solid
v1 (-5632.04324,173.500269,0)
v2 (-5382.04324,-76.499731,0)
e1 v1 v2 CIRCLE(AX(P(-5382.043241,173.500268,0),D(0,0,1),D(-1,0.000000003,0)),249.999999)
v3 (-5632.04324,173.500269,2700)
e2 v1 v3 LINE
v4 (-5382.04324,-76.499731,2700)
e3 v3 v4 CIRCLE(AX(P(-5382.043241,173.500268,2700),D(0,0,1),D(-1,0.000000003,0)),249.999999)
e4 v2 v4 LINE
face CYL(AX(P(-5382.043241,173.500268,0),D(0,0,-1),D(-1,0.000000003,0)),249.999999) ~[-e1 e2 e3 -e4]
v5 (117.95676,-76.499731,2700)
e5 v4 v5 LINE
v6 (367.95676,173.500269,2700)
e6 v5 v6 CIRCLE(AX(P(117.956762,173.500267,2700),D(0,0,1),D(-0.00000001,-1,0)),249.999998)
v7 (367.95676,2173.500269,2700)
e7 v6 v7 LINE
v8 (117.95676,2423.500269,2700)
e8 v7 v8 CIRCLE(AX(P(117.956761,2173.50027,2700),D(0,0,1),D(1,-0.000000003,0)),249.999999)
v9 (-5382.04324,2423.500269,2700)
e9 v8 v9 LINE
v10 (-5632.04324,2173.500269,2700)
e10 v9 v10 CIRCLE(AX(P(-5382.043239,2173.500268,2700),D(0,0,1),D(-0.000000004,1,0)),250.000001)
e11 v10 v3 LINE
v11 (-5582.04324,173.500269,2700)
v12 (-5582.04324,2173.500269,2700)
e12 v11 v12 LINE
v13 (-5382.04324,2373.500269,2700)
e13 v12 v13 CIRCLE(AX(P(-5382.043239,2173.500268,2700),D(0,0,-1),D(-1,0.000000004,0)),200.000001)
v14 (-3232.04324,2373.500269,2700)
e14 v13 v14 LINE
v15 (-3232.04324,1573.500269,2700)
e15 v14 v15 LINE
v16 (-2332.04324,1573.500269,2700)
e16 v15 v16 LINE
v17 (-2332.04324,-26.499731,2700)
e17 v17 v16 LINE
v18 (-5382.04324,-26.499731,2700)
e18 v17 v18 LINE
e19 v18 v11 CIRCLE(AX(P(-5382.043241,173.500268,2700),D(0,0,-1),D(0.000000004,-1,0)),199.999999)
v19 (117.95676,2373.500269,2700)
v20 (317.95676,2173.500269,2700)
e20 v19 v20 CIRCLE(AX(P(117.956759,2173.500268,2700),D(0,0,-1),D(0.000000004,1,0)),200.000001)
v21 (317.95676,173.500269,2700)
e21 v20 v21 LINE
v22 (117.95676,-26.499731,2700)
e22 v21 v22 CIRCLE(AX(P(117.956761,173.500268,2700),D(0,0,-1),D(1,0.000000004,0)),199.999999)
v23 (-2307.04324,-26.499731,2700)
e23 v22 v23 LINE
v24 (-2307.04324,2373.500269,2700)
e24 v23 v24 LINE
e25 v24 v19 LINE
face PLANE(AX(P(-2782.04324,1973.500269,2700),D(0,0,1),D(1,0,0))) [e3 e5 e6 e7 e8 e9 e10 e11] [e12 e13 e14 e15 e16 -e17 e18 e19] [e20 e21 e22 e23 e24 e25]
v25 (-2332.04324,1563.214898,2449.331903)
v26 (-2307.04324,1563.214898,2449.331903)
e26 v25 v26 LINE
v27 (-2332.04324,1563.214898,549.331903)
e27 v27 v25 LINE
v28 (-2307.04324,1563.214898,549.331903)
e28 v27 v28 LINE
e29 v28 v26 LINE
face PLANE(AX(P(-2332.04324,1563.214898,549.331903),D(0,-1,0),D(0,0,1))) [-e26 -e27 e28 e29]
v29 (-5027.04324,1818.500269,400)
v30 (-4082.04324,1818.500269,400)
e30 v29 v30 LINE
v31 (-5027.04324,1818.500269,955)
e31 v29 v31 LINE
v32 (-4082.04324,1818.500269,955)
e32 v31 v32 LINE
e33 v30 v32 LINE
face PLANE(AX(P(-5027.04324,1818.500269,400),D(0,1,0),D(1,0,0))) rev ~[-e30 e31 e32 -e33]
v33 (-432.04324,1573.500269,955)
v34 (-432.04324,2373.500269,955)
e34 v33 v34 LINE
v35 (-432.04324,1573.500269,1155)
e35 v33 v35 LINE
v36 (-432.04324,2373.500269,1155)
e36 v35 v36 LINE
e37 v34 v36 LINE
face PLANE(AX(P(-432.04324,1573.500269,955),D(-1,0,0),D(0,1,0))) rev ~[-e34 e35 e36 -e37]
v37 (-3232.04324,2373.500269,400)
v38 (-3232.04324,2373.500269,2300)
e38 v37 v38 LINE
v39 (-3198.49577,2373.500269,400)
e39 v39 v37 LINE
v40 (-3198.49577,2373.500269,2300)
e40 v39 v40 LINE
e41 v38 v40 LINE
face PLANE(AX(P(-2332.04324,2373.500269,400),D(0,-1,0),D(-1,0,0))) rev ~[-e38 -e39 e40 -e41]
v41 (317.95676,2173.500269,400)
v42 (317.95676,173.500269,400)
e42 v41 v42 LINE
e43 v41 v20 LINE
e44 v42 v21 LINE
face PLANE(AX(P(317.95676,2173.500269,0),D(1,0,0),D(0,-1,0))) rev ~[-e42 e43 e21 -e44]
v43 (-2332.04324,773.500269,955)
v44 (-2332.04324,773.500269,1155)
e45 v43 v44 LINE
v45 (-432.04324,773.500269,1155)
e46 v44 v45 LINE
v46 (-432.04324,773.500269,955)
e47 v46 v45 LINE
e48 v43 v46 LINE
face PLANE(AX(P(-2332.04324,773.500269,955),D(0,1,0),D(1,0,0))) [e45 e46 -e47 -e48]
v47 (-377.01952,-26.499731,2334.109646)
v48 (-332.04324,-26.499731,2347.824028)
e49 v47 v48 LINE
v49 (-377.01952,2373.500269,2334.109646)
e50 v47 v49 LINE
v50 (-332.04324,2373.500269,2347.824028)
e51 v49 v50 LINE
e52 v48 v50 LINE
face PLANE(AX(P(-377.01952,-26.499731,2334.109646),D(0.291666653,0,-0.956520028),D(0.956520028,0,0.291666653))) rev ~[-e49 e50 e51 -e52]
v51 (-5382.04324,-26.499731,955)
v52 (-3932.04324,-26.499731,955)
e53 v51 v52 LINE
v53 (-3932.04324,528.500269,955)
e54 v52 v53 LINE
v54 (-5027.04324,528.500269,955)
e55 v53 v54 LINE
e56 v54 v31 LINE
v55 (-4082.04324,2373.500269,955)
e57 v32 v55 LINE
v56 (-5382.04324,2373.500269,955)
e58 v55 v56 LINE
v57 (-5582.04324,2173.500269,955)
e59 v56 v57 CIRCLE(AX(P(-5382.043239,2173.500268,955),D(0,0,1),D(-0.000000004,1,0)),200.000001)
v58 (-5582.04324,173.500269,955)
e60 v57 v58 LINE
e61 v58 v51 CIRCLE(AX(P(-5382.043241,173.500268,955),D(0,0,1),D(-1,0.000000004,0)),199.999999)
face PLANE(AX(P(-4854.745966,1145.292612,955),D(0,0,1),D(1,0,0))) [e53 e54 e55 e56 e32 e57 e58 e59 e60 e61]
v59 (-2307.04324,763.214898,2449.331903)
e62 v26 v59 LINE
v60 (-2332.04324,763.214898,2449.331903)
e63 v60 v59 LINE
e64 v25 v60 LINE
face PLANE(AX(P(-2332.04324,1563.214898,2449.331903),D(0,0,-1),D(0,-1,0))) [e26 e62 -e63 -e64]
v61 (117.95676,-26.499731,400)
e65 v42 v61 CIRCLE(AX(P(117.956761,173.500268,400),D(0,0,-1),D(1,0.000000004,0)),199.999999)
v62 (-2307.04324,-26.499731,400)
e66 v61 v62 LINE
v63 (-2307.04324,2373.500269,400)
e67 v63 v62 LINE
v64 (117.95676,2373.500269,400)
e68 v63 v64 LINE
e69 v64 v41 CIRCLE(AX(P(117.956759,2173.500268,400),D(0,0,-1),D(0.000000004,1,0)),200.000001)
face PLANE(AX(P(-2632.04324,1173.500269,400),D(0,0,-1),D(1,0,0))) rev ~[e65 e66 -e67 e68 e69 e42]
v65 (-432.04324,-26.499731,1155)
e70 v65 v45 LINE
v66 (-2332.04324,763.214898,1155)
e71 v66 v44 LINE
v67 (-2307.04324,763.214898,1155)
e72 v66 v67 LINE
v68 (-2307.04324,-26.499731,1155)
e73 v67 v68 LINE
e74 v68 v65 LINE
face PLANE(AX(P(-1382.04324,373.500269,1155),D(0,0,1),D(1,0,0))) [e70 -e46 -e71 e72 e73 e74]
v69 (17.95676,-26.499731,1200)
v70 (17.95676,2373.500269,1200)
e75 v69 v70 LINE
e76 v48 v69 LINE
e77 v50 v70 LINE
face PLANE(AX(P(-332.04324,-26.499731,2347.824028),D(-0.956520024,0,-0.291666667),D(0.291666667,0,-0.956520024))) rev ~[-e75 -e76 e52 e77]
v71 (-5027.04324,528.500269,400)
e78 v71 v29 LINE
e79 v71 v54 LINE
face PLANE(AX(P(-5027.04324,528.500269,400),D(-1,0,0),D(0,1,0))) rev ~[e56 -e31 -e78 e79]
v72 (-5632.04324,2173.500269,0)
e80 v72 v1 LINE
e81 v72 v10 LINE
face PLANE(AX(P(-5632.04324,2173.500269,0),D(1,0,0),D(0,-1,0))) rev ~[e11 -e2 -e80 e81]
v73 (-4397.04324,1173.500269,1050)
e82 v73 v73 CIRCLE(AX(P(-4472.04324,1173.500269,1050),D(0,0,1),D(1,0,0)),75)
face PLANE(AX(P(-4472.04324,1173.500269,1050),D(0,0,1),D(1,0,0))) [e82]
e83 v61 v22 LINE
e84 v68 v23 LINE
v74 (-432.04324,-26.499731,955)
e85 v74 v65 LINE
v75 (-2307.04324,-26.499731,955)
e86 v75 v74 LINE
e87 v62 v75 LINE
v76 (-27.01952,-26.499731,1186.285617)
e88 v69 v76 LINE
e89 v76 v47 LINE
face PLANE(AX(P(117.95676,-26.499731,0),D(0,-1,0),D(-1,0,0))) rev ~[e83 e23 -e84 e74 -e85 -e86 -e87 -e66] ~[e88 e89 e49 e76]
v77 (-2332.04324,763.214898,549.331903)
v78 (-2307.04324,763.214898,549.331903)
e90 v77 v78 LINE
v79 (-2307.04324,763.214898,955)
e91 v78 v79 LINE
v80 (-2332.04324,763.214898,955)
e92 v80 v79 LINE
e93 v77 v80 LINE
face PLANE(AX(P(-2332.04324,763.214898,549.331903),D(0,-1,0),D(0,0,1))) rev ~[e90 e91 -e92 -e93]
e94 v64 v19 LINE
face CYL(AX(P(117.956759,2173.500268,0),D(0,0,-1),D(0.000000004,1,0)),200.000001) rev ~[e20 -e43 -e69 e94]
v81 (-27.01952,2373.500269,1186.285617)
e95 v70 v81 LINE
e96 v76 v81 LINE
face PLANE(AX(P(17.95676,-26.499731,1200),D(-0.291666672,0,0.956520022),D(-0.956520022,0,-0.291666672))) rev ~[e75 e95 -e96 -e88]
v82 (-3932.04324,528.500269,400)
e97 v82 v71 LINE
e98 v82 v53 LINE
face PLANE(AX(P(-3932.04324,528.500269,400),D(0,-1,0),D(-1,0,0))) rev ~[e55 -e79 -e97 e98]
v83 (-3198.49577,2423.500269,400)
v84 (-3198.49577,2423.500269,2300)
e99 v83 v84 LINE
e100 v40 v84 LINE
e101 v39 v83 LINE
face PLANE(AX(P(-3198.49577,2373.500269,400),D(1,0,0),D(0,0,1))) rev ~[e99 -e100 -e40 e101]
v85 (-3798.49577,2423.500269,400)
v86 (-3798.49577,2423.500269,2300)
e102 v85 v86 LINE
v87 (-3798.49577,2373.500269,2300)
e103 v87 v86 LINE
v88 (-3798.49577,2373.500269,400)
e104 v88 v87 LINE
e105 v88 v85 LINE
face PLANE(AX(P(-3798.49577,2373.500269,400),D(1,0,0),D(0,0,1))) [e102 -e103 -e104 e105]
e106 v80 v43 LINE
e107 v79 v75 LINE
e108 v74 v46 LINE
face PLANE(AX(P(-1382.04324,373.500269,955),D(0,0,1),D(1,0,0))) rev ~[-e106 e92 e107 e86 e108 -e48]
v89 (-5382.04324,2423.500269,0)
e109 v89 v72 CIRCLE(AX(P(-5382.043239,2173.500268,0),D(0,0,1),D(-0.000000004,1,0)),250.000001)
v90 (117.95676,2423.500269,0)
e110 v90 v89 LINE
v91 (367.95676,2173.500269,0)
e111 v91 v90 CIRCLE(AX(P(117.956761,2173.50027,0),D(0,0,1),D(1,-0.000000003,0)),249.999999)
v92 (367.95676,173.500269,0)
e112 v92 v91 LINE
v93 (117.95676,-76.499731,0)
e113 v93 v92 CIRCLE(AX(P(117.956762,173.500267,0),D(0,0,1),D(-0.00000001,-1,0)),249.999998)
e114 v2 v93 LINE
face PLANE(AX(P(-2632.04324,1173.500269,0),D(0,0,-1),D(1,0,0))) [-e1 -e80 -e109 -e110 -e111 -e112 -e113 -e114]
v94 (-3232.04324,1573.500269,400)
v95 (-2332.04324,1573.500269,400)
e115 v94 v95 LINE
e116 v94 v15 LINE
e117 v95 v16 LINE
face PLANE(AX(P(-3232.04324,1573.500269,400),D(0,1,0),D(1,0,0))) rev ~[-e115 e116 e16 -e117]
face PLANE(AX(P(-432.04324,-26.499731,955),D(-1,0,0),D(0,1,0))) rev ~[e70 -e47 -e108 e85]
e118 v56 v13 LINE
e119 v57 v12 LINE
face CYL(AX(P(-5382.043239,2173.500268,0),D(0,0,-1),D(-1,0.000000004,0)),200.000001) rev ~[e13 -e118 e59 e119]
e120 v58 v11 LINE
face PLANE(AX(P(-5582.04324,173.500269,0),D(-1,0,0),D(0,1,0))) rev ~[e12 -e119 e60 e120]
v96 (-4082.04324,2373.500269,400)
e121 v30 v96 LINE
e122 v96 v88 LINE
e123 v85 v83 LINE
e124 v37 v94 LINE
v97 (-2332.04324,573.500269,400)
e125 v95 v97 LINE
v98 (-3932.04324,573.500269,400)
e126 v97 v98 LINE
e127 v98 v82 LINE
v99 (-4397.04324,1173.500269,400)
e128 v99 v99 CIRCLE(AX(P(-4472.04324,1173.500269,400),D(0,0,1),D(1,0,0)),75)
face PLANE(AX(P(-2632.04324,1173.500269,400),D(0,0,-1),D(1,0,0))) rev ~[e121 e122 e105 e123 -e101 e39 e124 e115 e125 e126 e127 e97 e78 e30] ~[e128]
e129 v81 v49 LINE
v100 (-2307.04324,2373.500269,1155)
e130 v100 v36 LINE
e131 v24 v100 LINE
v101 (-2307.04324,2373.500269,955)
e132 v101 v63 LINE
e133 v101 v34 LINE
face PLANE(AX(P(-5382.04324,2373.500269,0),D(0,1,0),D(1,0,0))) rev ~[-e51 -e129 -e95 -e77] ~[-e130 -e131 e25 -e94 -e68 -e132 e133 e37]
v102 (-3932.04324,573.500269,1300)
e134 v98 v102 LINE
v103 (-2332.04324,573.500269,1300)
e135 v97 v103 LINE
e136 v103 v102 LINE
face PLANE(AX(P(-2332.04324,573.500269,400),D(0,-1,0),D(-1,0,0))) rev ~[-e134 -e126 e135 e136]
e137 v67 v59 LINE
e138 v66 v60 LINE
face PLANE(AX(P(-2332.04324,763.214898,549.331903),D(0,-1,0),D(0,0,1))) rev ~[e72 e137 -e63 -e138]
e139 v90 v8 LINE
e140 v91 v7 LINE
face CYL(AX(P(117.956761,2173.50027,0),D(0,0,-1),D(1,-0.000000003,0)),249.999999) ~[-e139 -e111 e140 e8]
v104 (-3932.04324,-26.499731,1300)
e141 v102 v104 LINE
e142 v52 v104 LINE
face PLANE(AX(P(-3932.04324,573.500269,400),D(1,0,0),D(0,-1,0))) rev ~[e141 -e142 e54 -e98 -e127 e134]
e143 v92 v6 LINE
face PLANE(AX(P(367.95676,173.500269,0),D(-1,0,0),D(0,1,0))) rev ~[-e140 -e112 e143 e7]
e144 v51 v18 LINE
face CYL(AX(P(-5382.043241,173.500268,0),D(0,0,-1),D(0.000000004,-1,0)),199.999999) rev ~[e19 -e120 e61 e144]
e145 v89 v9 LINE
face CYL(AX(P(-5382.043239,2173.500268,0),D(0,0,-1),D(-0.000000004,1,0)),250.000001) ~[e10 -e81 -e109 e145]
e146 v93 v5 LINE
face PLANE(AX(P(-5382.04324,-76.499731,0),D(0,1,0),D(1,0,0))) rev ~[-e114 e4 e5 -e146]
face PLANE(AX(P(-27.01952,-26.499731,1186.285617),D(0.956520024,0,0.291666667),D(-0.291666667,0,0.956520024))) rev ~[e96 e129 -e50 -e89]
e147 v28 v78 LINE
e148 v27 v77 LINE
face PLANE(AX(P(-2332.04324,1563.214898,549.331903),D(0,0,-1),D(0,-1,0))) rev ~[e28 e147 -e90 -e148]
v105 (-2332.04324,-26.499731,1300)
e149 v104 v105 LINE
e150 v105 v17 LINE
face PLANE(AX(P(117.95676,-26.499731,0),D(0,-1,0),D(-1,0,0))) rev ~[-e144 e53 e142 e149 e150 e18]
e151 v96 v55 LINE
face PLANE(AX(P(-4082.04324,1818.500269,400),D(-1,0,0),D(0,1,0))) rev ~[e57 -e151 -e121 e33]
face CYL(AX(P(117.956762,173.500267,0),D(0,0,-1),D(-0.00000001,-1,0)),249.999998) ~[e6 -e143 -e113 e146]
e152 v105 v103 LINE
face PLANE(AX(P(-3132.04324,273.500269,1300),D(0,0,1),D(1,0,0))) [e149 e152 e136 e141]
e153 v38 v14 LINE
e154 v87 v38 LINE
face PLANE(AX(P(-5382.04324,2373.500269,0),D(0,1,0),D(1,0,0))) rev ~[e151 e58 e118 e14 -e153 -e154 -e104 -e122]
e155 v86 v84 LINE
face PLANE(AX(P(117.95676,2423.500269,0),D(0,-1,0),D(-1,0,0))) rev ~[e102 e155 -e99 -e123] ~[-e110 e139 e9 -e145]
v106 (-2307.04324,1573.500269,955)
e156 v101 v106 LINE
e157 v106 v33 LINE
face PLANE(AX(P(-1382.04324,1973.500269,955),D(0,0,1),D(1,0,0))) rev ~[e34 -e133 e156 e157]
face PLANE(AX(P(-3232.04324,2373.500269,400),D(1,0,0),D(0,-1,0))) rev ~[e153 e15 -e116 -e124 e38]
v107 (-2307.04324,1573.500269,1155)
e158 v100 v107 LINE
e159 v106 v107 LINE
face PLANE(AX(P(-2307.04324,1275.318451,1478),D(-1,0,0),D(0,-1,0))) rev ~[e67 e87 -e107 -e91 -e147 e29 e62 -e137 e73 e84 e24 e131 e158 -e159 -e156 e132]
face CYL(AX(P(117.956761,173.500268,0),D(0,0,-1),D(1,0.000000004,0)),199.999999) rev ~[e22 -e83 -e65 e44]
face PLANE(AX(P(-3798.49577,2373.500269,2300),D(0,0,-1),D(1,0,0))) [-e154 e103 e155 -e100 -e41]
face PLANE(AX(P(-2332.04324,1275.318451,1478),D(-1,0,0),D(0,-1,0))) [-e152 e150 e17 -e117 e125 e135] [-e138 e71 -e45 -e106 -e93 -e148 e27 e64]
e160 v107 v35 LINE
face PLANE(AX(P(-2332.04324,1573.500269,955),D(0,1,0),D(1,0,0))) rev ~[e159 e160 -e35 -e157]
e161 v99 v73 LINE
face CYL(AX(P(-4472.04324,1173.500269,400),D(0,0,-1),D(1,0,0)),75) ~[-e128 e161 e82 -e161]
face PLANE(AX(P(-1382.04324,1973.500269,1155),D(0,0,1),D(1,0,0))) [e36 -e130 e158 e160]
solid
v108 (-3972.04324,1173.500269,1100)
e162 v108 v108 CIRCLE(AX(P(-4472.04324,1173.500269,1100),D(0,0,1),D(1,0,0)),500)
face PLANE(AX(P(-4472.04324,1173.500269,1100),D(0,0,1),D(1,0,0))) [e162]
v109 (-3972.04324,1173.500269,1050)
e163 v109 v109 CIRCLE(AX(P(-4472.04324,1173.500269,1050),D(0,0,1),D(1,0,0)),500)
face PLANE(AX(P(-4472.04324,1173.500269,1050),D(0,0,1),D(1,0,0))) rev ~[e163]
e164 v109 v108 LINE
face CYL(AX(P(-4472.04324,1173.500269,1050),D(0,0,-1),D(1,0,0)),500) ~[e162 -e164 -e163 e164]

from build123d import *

# Parameters (mm, degrees)
F1_DEPTH  = 2700
F3_DEPTH  = 400
F5_DEPTH  = 555
F7_DEPTH  = 900
F9_DEPTH  = 2400
F10_W     = 1900
F10_H     = 800
F11_DEPTH = 200
F12_W     = 800
F12_H     = 1900
F12_H_2   = 200
F13_DEPTH = 25
F14_W     = 600
F14_H     = 1900
F15_DEPTH = 55
F16_R     = 75
F17_DEPTH = 650
F18_R     = 500
F18_R_2   = 75
F19_DEPTH = 50
F21_DEPTH = 2300


with BuildPart() as f1:
    # F0 (on Top) → F1 (new body)
    with BuildSketch(Plane.XY):
        with BuildLine():
            Line((117.95676, 2423.500269), (-5382.04324, 2423.500269))
            ThreePointArc((-5382.04324, 2423.500269), (-5558.819935, 2350.276964), (-5632.04324, 2173.500269))
            Line((-5632.04324, 2173.500269), (-5632.04324, 173.500269))
            ThreePointArc((-5632.04324, 173.500269), (-5558.819935, -3.276427), (-5382.04324, -76.499731))
            Line((-5382.04324, -76.499731), (117.95676, -76.499731))
            ThreePointArc((117.95676, -76.499731), (294.733456, -3.276427), (367.95676, 173.500269))
            Line((367.95676, 173.500269), (367.95676, 2173.500269))
            ThreePointArc((367.95676, 2173.500269), (294.733456, 2350.276964), (117.95676, 2423.500269))
        make_face()
        with BuildLine():
            ThreePointArc((-5382.04324, -26.499731), (-5523.464596, 32.078912), (-5582.04324, 173.500269))
            Line((-5582.04324, 173.500269), (-5582.04324, 2173.500269))
            ThreePointArc((-5582.04324, 2173.500269), (-5523.464596, 2314.921625), (-5382.04324, 2373.500269))
            Line((-5382.04324, 2373.500269), (117.95676, 2373.500269))
            ThreePointArc((117.95676, 2373.500269), (259.378116, 2314.921625), (317.95676, 2173.500269))
            Line((317.95676, 2173.500269), (317.95676, 173.500269))
            ThreePointArc((317.95676, 173.500269), (259.378116, 32.078912), (117.95676, -26.499731))
            Line((117.95676, -26.499731), (-5382.04324, -26.499731))
        make_face(mode=Mode.SUBTRACT)
    extrude(amount=F1_DEPTH)

    # F2 (on face) → F3 (join)
    with BuildSketch(Plane(origin=(0, 0, 0), x_dir=(1, 0, 0), z_dir=(0, 0, -1))):
        with BuildLine():
            ThreePointArc((-5382.04324, 26.499731), (-5523.464596, -32.078912), (-5582.04324, -173.500269))
            Line((-5582.04324, -173.500269), (-5582.04324, -2173.500269))
            ThreePointArc((-5582.04324, -2173.500269), (-5523.464596, -2314.921625), (-5382.04324, -2373.500269))
            Line((-5382.04324, -2373.500269), (117.95676, -2373.500269))
            ThreePointArc((117.95676, -2373.500269), (259.378116, -2314.921625), (317.95676, -2173.500269))
            Line((317.95676, -2173.500269), (317.95676, -173.500269))
            ThreePointArc((317.95676, -173.500269), (259.378116, -32.078912), (117.95676, 26.499731))
            Line((117.95676, 26.499731), (-5382.04324, 26.499731))
        make_face()
    extrude(amount=-F3_DEPTH)

    # F4 (on face) → F5 (join)
    with BuildSketch(Plane.XY.offset(400)):
        with BuildLine():
            Line((-4082.04324, 1818.500269), (-4082.04324, 2373.500269))
            Line((-4082.04324, 2373.500269), (-5382.04324, 2373.500269))
            ThreePointArc((-5382.04324, 2373.500269), (-5523.464596, 2314.921625), (-5582.04324, 2173.500269))
            Line((-5582.04324, 2173.500269), (-5582.04324, 173.500269))
            ThreePointArc((-5582.04324, 173.500269), (-5523.464596, 32.078912), (-5382.04324, -26.499731))
            Line((-5382.04324, -26.499731), (-3932.04324, -26.499731))
            Line((-3932.04324, -26.499731), (-3932.04324, 528.500269))
            Line((-3932.04324, 528.500269), (-5027.04324, 528.500269))
            Line((-5027.04324, 528.500269), (-5027.04324, 1818.500269))
            Line((-5027.04324, 1818.500269), (-4082.04324, 1818.500269))
        make_face()
    extrude(amount=F5_DEPTH)

    # F6 (on face) → F7 (join)
    with BuildSketch(Plane.XY.offset(400)):
        Polygon((-3932.04324, -26.499731), (-2332.04324, -26.499731), (-2332.04324, 573.500269), (-3932.04324, 573.500269), (-3932.04324, 528.500269), align=None)
    extrude(amount=F7_DEPTH)

    # F8 (on face) → F9 (join)
    with BuildSketch(Plane(origin=(0, -26.499731, 0), x_dir=(-1, 0, 0), z_dir=(0, 1, 0))):
        Polygon((27.01952, 1186.285617), (377.01952, 2334.109646), (332.04324, 2347.824028), (-17.95676, 1200), align=None)
    extrude(amount=F9_DEPTH)

    # F10 (on face) → F11 (join)
    with BuildSketch(Plane.XY.offset(955)):
        with Locations((-1382.04324, 373.500269)):
            Rectangle(F10_W, F10_H)
        with Locations((-1382.04324, 1973.500269)):
            Rectangle(F10_W, F10_H)
    extrude(amount=F11_DEPTH)

    # F12 (on face) → F13 (join)
    with BuildSketch(Plane(origin=(-2332.04324, 0, 0), x_dir=(0, -1, 0), z_dir=(-1, 0, 0))):
        Polygon((-2373.500269, 955), (-2373.500269, 400), (26.499731, 400), (26.499731, 2700), (-2373.500269, 2700), (-2373.500269, 1155), (-1573.500269, 1155), (-1573.500269, 955), align=None)
        with Locations((-1163.214898, 1499.331903)):
            Rectangle(F12_W, F12_H, mode=Mode.SUBTRACT)
        with Locations((-1973.500269, 1055)):
            Rectangle(F12_W, F12_H_2)
    extrude(amount=-F13_DEPTH)

    # F14 (on face) → F15 (cut)
    with BuildSketch(Plane.XZ.offset(-2373.500269)):
        with Locations((-3498.49577, 1350)):
            Rectangle(F14_W, F14_H)
    extrude(amount=-F15_DEPTH, mode=Mode.SUBTRACT)

    # F16 (on face) → F17 (join)
    with BuildSketch(Plane.XY.offset(400)):
        with Locations((-4472.04324, 1173.500269)):
            Circle(F16_R)
    extrude(amount=F17_DEPTH)

    # F20 (on face) → F21 (join)
    with BuildSketch(Plane.XY.offset(400)):
        Polygon((-2332.04324, 1573.500269), (-2332.04324, 2373.500269), (-3198.49577, 2373.500269), (-3232.04324, 2373.500269), (-3232.04324, 1573.500269), align=None)
    extrude(amount=F21_DEPTH)


with BuildPart() as f19:
    # F18 (on face) → F19 (new body)
    with BuildSketch(Plane.XY.offset(1050)):
        with Locations((-4472.04324, 1173.500269)):
            Circle(F18_R)
        with Locations((-4472.04324, 1173.500269)):
            Circle(F18_R_2, mode=Mode.SUBTRACT)
        with Locations((-4472.04324, 1173.500269)):
            Circle(F18_R_2)
    extrude(amount=F19_DEPTH)


solid = Compound([f1.part, f19.part])
